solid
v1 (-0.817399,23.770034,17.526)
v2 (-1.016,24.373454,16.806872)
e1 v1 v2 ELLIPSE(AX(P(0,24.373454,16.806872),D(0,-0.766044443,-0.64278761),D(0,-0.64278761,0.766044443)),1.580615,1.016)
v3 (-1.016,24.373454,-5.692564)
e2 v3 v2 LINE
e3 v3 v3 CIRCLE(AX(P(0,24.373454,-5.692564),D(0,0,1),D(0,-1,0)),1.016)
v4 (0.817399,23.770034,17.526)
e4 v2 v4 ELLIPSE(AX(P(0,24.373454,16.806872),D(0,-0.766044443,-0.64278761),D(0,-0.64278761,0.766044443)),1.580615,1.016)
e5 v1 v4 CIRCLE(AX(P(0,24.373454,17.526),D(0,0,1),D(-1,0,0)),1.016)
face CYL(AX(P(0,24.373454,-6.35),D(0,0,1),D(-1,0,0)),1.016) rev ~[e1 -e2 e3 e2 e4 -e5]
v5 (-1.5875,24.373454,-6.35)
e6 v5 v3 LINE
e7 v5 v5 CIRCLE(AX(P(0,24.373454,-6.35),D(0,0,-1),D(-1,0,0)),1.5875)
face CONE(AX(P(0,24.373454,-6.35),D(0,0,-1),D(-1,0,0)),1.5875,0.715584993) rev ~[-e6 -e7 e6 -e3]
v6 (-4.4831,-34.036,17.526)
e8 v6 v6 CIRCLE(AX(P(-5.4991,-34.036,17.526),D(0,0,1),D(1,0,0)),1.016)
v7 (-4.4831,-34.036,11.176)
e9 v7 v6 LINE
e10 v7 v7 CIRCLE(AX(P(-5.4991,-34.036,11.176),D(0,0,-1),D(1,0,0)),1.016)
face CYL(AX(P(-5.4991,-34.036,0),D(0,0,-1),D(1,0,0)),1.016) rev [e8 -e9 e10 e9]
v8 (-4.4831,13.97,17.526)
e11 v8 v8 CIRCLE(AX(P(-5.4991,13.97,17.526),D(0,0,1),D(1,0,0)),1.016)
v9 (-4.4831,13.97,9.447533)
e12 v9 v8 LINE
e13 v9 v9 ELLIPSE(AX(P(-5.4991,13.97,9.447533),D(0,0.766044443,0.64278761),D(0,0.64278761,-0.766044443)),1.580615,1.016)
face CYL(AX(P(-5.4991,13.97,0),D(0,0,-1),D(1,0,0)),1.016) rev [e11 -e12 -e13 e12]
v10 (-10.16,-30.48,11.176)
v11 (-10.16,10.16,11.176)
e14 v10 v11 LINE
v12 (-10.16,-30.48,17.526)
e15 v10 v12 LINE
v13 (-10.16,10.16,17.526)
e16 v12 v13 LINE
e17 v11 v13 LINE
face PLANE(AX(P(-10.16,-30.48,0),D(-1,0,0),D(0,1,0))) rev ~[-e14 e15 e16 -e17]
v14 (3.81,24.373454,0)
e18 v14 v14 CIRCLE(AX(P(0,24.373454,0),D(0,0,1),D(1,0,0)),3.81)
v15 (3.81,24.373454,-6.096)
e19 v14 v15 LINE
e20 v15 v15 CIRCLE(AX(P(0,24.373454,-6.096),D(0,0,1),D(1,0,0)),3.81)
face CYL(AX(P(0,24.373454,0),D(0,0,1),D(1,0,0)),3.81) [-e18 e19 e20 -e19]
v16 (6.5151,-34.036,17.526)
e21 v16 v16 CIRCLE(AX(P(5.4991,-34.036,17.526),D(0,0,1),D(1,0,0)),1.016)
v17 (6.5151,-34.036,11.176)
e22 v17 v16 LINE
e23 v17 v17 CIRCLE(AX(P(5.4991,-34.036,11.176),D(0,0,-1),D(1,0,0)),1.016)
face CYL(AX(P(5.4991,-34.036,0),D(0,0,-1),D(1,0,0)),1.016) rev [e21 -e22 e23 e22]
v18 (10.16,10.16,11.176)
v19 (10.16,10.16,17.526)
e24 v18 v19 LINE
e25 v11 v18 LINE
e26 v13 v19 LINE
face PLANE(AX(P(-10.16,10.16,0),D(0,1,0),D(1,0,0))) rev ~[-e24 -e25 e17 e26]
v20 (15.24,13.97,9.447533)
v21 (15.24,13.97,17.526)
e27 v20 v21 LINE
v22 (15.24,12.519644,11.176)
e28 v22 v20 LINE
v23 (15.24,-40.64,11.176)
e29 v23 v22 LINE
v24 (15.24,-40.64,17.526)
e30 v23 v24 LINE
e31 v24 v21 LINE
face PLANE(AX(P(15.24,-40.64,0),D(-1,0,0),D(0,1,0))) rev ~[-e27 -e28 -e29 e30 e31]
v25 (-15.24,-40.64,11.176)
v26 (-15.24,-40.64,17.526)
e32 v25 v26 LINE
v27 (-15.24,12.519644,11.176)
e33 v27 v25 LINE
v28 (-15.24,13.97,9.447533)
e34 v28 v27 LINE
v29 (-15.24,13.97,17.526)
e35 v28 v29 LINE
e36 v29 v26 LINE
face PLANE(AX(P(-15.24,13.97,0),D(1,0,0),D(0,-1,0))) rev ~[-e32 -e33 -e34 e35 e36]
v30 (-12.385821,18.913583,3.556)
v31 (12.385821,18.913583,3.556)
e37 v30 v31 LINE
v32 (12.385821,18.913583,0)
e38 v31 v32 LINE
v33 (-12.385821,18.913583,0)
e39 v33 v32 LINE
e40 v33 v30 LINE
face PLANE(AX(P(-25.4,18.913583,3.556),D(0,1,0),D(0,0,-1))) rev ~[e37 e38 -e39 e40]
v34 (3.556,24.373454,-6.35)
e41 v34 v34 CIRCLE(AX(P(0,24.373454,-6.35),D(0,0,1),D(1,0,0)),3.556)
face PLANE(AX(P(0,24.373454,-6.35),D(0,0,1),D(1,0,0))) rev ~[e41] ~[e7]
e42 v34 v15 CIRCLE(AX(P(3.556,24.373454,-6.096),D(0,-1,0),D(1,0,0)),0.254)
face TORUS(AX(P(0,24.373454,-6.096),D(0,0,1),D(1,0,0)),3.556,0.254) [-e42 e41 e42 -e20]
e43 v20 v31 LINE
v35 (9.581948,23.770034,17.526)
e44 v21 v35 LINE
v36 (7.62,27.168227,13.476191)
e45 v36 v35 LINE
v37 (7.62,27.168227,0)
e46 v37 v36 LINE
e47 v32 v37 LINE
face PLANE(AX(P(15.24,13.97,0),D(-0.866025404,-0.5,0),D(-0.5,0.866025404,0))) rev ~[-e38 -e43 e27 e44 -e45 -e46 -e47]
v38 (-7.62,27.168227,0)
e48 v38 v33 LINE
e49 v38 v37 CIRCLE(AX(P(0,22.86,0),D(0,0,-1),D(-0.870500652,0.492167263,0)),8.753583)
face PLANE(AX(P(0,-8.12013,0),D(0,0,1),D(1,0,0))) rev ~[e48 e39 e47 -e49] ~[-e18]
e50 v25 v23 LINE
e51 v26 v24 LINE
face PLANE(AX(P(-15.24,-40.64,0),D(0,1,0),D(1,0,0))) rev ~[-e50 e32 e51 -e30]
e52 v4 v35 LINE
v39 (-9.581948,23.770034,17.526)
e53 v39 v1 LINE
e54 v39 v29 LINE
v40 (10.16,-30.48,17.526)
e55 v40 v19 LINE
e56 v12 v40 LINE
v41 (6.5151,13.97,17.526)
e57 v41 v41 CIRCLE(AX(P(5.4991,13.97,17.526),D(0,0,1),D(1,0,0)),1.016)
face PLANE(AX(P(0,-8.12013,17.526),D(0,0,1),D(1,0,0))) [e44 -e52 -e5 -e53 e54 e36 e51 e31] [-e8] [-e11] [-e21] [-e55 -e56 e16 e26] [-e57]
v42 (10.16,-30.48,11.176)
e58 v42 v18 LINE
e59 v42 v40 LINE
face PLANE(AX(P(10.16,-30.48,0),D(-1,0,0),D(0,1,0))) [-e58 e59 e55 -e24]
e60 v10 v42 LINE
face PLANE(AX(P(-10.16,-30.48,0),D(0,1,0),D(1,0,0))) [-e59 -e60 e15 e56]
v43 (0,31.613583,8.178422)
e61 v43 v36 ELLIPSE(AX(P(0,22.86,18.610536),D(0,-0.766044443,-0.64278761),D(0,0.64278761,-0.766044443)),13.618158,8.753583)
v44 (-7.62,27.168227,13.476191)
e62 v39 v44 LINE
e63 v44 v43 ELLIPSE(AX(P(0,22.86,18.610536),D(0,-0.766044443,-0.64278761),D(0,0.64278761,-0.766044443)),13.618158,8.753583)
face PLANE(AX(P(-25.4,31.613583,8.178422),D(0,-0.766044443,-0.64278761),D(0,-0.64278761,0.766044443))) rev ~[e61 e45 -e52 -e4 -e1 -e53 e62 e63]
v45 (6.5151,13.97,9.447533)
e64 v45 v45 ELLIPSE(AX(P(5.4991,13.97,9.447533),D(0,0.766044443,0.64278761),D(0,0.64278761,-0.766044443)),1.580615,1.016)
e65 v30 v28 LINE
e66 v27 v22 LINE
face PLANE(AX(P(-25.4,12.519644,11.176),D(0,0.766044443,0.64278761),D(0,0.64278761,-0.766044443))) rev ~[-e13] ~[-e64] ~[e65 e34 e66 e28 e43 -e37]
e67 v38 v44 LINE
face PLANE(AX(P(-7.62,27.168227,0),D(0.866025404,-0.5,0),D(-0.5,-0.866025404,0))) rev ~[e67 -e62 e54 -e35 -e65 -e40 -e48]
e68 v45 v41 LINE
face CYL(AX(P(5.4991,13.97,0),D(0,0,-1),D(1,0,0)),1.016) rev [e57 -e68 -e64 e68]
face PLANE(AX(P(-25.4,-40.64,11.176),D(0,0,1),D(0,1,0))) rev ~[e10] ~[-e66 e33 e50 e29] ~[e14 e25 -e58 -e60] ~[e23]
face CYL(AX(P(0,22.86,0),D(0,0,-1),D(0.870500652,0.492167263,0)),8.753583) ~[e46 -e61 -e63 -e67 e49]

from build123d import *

# Parameters (mm, degrees)
F0_R           = 1.016
F0_W           = 20.32
F0_H           = 40.64
F2_DEPTH       = 17.526
F3_START       = -25.4
F3_DEPTH       = 40.641
F4_R           = 3.81
F5_DEPTH       = 6.35
F7_D           = 2.032
F7_CSINK_D     = 3.175
F7_CSINK_ANGLE = 82
F8_R           = 0.254


with BuildPart() as f2:
    # F0 (on Top) → F2 (new body, through all)
    with BuildSketch(Plane.XY):
        with BuildLine():
            Line((-15.24, -40.64), (15.24, -40.64))
            Line((15.24, -40.64), (15.24, 13.97))
            Line((15.24, 13.97), (7.62, 27.1682271537))
            ThreePointArc((7.62, 27.1682271537), (0, 31.6135833353), (-7.62, 27.1682271537))
            Line((-7.62, 27.1682271537), (-15.24, 13.97))
            Line((-15.24, 13.97), (-15.24, -40.64))
        make_face()
        with Locations((-5.4991, -34.036)):
            Circle(F0_R, mode=Mode.SUBTRACT)
        with Locations((5.4991, -34.036)):
            Circle(F0_R, mode=Mode.SUBTRACT)
        with Locations((0, -10.16)):
            Rectangle(F0_W, F0_H, mode=Mode.SUBTRACT)
        with Locations((-5.4991, 13.97)):
            Circle(F0_R, mode=Mode.SUBTRACT)
        with Locations((5.4991, 13.97)):
            Circle(F0_R, mode=Mode.SUBTRACT)
    extrude(amount=F2_DEPTH)

    # F1 (on Right) → F3 (intersect)
    with BuildSketch(Plane.YZ.offset(F3_START)):
        Polygon((18.9135833353, 3.556), (18.9135833353, 0), (31.6135833353, 0), (31.6135833353, 8.1784219752), (23.7700340623, 17.526), (-40.64, 17.526), (-40.64, 11.176), (12.5196441457, 11.176), align=None)
    extrude(amount=F3_DEPTH, mode=Mode.INTERSECT)

    # F4 (on face) → F5 (join)
    with BuildSketch(Plane.XY):
        with Locations((0, 24.3734540549)):
            Circle(F4_R)
    extrude(amount=-F5_DEPTH)

    # F7 (through all)
    with Locations(Plane(origin=(0, 0, -6.35), x_dir=(1, 0, 0), z_dir=(0, 0, -1))):
        with Locations((0, -24.3734540549)):
            CounterSinkHole(F7_D / 2, F7_CSINK_D / 2, counter_sink_angle=F7_CSINK_ANGLE)

    # F8
    f8_edges = [f2.edges().sort_by_distance(p)[0] for p in [
        (-3.81, 24.373454, -6.35),
    ]]
    fillet(f8_edges, radius=F8_R)


solid = f2.part
